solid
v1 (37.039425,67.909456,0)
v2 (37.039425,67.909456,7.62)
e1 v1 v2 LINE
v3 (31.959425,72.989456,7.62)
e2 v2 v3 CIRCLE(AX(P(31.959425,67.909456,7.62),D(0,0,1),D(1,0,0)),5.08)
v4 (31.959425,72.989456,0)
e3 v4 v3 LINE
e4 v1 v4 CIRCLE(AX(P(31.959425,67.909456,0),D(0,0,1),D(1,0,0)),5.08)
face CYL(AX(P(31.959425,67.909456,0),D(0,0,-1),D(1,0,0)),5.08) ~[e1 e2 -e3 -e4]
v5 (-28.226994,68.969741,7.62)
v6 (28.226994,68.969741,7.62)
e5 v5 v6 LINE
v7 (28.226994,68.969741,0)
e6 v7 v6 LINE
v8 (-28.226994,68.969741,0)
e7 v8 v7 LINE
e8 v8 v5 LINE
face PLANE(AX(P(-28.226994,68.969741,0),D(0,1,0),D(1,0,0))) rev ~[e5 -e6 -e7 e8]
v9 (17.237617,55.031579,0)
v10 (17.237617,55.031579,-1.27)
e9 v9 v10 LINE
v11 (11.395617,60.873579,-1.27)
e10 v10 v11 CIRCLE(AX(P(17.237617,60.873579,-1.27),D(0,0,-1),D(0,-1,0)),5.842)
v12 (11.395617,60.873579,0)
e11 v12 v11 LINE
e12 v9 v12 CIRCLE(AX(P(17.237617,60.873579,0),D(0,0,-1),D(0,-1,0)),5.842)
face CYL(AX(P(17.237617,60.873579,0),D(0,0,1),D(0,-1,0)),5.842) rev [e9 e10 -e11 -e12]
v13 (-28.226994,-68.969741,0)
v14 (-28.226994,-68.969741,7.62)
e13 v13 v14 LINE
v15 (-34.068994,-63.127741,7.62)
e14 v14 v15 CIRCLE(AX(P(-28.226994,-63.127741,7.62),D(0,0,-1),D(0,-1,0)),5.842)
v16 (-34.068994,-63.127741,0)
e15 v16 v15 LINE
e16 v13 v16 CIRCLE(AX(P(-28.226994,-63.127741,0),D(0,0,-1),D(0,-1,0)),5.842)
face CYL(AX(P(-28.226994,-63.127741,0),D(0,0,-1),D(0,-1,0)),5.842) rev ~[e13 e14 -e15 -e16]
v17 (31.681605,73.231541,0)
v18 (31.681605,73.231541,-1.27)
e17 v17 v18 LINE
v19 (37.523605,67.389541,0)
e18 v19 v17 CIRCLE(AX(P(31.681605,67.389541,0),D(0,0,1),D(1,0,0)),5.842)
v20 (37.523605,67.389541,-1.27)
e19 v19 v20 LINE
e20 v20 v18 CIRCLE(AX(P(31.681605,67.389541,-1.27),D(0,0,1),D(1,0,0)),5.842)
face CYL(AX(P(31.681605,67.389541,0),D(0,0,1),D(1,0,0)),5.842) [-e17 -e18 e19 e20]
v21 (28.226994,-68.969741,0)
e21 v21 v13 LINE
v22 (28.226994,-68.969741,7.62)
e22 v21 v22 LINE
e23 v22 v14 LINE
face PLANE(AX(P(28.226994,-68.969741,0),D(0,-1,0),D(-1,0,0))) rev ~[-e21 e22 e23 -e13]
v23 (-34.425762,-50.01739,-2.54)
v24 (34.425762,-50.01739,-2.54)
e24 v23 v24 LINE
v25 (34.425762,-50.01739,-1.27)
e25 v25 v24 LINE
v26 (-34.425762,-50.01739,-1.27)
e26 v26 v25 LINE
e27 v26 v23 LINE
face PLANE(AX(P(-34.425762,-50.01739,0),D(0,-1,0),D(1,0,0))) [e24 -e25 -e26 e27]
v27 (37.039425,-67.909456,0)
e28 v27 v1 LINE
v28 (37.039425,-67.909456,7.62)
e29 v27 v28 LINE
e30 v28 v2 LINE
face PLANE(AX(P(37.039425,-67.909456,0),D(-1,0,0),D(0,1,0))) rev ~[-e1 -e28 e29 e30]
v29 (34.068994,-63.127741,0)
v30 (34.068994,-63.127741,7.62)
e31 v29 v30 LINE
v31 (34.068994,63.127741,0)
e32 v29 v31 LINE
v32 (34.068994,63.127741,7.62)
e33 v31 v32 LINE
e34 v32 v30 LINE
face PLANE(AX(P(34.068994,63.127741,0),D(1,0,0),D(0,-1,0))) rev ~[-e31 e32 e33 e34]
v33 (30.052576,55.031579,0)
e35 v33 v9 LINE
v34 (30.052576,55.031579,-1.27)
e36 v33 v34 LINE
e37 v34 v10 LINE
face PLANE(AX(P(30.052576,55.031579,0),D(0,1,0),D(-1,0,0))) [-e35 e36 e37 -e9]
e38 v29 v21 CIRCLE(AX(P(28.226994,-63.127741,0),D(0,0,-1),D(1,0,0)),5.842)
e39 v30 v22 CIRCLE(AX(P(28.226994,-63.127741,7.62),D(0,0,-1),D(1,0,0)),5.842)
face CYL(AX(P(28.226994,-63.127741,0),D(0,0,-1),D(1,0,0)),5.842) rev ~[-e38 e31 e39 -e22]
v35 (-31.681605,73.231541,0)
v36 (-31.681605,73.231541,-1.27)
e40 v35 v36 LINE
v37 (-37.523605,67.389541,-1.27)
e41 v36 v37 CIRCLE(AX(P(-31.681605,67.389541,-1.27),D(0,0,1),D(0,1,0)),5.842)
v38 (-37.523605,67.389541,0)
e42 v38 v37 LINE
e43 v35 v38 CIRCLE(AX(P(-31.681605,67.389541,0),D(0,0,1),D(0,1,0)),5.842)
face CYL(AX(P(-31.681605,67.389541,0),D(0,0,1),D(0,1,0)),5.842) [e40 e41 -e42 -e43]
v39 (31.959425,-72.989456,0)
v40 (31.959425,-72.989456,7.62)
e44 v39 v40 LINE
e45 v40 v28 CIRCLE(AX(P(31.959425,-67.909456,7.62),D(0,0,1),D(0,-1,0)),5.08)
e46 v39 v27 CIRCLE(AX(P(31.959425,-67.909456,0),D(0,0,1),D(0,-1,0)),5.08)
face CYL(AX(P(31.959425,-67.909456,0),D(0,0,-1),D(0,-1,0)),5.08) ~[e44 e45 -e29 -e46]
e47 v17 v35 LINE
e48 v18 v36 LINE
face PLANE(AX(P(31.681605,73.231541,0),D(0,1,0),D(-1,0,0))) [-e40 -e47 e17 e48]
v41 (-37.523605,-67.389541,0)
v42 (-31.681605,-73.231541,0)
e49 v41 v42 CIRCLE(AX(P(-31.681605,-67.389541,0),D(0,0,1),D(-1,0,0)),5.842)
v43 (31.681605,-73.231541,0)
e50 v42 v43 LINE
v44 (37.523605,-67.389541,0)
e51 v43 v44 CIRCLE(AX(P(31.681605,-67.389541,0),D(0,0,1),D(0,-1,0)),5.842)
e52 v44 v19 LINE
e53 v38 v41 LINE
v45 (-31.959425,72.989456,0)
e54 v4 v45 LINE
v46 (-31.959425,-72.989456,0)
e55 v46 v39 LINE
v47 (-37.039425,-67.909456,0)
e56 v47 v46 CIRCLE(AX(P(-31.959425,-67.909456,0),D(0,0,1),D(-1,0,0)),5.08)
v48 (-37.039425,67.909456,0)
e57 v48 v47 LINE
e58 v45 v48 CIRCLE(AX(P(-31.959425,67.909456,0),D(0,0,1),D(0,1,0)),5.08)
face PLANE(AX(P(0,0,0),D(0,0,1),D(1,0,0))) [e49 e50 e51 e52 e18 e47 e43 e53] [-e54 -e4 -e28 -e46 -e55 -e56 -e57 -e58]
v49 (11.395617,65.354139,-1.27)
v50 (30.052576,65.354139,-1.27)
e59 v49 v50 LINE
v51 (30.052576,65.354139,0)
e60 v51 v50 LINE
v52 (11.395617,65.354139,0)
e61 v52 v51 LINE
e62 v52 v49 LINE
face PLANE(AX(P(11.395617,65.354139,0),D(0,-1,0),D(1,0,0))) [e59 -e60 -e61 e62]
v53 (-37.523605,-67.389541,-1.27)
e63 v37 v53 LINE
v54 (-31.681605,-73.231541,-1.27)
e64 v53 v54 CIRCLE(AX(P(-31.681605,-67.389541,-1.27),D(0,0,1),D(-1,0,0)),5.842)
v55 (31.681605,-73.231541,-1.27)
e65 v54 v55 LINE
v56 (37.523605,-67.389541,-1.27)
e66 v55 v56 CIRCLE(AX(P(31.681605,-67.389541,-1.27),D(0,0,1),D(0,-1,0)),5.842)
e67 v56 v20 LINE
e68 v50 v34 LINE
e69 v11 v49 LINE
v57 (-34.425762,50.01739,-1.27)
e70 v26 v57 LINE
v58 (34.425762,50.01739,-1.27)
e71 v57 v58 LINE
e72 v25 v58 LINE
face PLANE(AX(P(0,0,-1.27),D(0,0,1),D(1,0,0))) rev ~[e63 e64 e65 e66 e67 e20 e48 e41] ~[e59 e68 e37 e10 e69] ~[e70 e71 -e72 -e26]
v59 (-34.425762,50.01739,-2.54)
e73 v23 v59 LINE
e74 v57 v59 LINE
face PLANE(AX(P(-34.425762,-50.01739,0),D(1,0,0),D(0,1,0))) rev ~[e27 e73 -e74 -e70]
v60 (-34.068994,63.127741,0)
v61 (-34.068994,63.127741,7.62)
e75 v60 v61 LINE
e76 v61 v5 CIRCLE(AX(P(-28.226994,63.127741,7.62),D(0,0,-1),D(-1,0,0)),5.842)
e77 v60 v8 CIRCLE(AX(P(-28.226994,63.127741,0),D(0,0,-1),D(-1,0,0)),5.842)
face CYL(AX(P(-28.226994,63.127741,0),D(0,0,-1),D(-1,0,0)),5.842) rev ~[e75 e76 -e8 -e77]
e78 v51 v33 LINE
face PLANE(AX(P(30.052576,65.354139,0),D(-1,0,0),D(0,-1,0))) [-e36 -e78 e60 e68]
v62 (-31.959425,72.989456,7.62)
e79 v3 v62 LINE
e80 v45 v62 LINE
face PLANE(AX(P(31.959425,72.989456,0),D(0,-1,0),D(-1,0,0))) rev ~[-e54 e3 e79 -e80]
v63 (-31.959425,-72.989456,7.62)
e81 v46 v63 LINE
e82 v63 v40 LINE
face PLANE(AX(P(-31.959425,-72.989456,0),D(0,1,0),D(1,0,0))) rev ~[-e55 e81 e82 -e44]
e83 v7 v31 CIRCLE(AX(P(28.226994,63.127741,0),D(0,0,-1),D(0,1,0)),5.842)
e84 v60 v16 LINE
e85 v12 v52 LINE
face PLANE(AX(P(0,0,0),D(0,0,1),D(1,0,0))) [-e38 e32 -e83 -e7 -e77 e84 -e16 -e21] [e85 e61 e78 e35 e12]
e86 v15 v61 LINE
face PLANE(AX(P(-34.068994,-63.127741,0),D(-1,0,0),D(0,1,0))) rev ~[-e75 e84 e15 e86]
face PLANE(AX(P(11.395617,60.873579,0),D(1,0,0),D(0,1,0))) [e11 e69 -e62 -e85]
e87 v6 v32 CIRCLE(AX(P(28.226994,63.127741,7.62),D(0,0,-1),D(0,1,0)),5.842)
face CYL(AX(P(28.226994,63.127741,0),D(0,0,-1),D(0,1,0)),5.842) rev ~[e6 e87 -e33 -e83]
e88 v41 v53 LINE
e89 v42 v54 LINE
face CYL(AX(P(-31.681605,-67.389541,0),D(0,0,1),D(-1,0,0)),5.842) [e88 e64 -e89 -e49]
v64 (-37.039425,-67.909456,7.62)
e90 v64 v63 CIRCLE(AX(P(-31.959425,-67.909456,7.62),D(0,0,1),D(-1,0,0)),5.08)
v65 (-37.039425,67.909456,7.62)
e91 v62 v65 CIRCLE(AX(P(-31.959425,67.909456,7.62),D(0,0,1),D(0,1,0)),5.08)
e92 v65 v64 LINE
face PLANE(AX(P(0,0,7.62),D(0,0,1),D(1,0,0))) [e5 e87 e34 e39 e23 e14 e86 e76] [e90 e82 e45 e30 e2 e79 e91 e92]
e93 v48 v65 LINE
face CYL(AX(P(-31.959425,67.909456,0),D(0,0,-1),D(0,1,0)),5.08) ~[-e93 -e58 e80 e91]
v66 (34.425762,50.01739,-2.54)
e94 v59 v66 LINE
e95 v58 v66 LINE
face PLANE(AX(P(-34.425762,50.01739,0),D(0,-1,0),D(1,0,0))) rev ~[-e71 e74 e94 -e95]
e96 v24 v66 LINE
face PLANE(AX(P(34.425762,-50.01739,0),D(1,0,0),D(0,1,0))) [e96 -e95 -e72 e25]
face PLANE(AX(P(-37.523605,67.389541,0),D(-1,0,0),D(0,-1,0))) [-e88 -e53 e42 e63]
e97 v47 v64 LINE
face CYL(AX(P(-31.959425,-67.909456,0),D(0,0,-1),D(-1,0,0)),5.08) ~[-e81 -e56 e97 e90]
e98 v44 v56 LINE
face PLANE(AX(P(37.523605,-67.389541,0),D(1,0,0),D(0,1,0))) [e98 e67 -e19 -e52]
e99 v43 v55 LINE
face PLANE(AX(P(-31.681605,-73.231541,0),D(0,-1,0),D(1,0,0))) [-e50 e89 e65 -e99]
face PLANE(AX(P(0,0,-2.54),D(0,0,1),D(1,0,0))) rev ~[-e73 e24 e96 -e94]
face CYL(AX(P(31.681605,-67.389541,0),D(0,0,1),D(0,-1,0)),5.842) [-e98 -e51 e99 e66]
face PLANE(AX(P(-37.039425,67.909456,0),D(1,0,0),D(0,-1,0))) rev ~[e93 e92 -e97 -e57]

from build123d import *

# Parameters (mm, degrees)
F1_W     = 68.8515231013
F1_H     = 100.0347808003
F2_DEPTH = 1.27
F3_DEPTH = 7.62
F4_DEPTH = 2.54


with BuildPart() as f2:
    # F1 (on Top) → F2 (new body)
    with BuildSketch(Plane.XY):
        with BuildLine():
            ThreePointArc((-37.5236049294, -67.3895406203), (-35.8125227451, -71.520458436), (-31.6816049294, -73.2315406203))
            Line((-31.6816049294, -73.2315406203), (31.6816049294, -73.2315406203))
            ThreePointArc((31.6816049294, -73.2315406203), (35.8125227451, -71.520458436), (37.5236049294, -67.3895406203))
            Line((37.5236049294, -67.3895406203), (37.5236049294, 67.3895406203))
            ThreePointArc((37.5236049294, 67.3895406203), (35.8125227451, 71.520458436), (31.6816049294, 73.2315406203))
            Line((31.6816049294, 73.2315406203), (-31.6816049294, 73.2315406203))
            ThreePointArc((-31.6816049294, 73.2315406203), (-35.8125227451, 71.520458436), (-37.5236049294, 67.3895406203))
            Line((-37.5236049294, 67.3895406203), (-37.5236049294, -67.3895406203))
        make_face()
        Rectangle(F1_W, F1_H, mode=Mode.SUBTRACT)
        with BuildLine():
            Line((11.3956173882, 65.3541386127), (30.0525762141, 65.3541386127))
            Line((30.0525762141, 65.3541386127), (30.0525762141, 55.0315789878))
            Line((30.0525762141, 55.0315789878), (17.2376173882, 55.0315789878))
            ThreePointArc((17.2376173882, 55.0315789878), (13.1066995725, 56.7426611721), (11.3956173882, 60.8735789878))
            Line((11.3956173882, 60.8735789878), (11.3956173882, 65.3541386127))
        make_face(mode=Mode.SUBTRACT)
    extrude(amount=-F2_DEPTH)

    # F0 (on Top) → F3 (join)
    with BuildSketch(Plane.XY):
        with BuildLine():
            Line((31.9594252241, 72.9894563556), (-31.9594252241, 72.9894563556))
            ThreePointArc((-31.9594252241, 72.9894563556), (-35.5515276725, 71.501558804), (-37.0394252241, 67.9094563556))
            Line((-37.0394252241, 67.9094563556), (-37.0394252241, -67.9094563556))
            ThreePointArc((-37.0394252241, -67.9094563556), (-35.5515276725, -71.501558804), (-31.9594252241, -72.9894563556))
            Line((-31.9594252241, -72.9894563556), (31.9594252241, -72.9894563556))
            ThreePointArc((31.9594252241, -72.9894563556), (35.5515276725, -71.501558804), (37.0394252241, -67.9094563556))
            Line((37.0394252241, -67.9094563556), (37.0394252241, 67.9094563556))
            ThreePointArc((37.0394252241, 67.9094563556), (35.5515276725, 71.501558804), (31.9594252241, 72.9894563556))
        make_face()
        with BuildLine():
            Line((-28.2269942241, 68.9697414637), (28.2269942241, 68.9697414637))
            ThreePointArc((28.2269942241, 68.9697414637), (32.3579120398, 67.2586592794), (34.0689942241, 63.1277414637))
            Line((34.0689942241, 63.1277414637), (34.0689942241, -63.1277414637))
            ThreePointArc((34.0689942241, -63.1277414637), (32.3579120398, -67.2586592794), (28.2269942241, -68.9697414637))
            Line((28.2269942241, -68.9697414637), (-28.2269942241, -68.9697414637))
            ThreePointArc((-28.2269942241, -68.9697414637), (-32.3579120398, -67.2586592794), (-34.0689942241, -63.1277414637))
            Line((-34.0689942241, -63.1277414637), (-34.0689942241, 63.1277414637))
            ThreePointArc((-34.0689942241, 63.1277414637), (-32.3579120398, 67.2586592794), (-28.2269942241, 68.9697414637))
        make_face(mode=Mode.SUBTRACT)
    extrude(amount=F3_DEPTH)

    # F1 (on Top) → F4 (join)
    with BuildSketch(Plane.XY):
        Rectangle(F1_W, F1_H)
    extrude(amount=-F4_DEPTH)


solid = f2.part
